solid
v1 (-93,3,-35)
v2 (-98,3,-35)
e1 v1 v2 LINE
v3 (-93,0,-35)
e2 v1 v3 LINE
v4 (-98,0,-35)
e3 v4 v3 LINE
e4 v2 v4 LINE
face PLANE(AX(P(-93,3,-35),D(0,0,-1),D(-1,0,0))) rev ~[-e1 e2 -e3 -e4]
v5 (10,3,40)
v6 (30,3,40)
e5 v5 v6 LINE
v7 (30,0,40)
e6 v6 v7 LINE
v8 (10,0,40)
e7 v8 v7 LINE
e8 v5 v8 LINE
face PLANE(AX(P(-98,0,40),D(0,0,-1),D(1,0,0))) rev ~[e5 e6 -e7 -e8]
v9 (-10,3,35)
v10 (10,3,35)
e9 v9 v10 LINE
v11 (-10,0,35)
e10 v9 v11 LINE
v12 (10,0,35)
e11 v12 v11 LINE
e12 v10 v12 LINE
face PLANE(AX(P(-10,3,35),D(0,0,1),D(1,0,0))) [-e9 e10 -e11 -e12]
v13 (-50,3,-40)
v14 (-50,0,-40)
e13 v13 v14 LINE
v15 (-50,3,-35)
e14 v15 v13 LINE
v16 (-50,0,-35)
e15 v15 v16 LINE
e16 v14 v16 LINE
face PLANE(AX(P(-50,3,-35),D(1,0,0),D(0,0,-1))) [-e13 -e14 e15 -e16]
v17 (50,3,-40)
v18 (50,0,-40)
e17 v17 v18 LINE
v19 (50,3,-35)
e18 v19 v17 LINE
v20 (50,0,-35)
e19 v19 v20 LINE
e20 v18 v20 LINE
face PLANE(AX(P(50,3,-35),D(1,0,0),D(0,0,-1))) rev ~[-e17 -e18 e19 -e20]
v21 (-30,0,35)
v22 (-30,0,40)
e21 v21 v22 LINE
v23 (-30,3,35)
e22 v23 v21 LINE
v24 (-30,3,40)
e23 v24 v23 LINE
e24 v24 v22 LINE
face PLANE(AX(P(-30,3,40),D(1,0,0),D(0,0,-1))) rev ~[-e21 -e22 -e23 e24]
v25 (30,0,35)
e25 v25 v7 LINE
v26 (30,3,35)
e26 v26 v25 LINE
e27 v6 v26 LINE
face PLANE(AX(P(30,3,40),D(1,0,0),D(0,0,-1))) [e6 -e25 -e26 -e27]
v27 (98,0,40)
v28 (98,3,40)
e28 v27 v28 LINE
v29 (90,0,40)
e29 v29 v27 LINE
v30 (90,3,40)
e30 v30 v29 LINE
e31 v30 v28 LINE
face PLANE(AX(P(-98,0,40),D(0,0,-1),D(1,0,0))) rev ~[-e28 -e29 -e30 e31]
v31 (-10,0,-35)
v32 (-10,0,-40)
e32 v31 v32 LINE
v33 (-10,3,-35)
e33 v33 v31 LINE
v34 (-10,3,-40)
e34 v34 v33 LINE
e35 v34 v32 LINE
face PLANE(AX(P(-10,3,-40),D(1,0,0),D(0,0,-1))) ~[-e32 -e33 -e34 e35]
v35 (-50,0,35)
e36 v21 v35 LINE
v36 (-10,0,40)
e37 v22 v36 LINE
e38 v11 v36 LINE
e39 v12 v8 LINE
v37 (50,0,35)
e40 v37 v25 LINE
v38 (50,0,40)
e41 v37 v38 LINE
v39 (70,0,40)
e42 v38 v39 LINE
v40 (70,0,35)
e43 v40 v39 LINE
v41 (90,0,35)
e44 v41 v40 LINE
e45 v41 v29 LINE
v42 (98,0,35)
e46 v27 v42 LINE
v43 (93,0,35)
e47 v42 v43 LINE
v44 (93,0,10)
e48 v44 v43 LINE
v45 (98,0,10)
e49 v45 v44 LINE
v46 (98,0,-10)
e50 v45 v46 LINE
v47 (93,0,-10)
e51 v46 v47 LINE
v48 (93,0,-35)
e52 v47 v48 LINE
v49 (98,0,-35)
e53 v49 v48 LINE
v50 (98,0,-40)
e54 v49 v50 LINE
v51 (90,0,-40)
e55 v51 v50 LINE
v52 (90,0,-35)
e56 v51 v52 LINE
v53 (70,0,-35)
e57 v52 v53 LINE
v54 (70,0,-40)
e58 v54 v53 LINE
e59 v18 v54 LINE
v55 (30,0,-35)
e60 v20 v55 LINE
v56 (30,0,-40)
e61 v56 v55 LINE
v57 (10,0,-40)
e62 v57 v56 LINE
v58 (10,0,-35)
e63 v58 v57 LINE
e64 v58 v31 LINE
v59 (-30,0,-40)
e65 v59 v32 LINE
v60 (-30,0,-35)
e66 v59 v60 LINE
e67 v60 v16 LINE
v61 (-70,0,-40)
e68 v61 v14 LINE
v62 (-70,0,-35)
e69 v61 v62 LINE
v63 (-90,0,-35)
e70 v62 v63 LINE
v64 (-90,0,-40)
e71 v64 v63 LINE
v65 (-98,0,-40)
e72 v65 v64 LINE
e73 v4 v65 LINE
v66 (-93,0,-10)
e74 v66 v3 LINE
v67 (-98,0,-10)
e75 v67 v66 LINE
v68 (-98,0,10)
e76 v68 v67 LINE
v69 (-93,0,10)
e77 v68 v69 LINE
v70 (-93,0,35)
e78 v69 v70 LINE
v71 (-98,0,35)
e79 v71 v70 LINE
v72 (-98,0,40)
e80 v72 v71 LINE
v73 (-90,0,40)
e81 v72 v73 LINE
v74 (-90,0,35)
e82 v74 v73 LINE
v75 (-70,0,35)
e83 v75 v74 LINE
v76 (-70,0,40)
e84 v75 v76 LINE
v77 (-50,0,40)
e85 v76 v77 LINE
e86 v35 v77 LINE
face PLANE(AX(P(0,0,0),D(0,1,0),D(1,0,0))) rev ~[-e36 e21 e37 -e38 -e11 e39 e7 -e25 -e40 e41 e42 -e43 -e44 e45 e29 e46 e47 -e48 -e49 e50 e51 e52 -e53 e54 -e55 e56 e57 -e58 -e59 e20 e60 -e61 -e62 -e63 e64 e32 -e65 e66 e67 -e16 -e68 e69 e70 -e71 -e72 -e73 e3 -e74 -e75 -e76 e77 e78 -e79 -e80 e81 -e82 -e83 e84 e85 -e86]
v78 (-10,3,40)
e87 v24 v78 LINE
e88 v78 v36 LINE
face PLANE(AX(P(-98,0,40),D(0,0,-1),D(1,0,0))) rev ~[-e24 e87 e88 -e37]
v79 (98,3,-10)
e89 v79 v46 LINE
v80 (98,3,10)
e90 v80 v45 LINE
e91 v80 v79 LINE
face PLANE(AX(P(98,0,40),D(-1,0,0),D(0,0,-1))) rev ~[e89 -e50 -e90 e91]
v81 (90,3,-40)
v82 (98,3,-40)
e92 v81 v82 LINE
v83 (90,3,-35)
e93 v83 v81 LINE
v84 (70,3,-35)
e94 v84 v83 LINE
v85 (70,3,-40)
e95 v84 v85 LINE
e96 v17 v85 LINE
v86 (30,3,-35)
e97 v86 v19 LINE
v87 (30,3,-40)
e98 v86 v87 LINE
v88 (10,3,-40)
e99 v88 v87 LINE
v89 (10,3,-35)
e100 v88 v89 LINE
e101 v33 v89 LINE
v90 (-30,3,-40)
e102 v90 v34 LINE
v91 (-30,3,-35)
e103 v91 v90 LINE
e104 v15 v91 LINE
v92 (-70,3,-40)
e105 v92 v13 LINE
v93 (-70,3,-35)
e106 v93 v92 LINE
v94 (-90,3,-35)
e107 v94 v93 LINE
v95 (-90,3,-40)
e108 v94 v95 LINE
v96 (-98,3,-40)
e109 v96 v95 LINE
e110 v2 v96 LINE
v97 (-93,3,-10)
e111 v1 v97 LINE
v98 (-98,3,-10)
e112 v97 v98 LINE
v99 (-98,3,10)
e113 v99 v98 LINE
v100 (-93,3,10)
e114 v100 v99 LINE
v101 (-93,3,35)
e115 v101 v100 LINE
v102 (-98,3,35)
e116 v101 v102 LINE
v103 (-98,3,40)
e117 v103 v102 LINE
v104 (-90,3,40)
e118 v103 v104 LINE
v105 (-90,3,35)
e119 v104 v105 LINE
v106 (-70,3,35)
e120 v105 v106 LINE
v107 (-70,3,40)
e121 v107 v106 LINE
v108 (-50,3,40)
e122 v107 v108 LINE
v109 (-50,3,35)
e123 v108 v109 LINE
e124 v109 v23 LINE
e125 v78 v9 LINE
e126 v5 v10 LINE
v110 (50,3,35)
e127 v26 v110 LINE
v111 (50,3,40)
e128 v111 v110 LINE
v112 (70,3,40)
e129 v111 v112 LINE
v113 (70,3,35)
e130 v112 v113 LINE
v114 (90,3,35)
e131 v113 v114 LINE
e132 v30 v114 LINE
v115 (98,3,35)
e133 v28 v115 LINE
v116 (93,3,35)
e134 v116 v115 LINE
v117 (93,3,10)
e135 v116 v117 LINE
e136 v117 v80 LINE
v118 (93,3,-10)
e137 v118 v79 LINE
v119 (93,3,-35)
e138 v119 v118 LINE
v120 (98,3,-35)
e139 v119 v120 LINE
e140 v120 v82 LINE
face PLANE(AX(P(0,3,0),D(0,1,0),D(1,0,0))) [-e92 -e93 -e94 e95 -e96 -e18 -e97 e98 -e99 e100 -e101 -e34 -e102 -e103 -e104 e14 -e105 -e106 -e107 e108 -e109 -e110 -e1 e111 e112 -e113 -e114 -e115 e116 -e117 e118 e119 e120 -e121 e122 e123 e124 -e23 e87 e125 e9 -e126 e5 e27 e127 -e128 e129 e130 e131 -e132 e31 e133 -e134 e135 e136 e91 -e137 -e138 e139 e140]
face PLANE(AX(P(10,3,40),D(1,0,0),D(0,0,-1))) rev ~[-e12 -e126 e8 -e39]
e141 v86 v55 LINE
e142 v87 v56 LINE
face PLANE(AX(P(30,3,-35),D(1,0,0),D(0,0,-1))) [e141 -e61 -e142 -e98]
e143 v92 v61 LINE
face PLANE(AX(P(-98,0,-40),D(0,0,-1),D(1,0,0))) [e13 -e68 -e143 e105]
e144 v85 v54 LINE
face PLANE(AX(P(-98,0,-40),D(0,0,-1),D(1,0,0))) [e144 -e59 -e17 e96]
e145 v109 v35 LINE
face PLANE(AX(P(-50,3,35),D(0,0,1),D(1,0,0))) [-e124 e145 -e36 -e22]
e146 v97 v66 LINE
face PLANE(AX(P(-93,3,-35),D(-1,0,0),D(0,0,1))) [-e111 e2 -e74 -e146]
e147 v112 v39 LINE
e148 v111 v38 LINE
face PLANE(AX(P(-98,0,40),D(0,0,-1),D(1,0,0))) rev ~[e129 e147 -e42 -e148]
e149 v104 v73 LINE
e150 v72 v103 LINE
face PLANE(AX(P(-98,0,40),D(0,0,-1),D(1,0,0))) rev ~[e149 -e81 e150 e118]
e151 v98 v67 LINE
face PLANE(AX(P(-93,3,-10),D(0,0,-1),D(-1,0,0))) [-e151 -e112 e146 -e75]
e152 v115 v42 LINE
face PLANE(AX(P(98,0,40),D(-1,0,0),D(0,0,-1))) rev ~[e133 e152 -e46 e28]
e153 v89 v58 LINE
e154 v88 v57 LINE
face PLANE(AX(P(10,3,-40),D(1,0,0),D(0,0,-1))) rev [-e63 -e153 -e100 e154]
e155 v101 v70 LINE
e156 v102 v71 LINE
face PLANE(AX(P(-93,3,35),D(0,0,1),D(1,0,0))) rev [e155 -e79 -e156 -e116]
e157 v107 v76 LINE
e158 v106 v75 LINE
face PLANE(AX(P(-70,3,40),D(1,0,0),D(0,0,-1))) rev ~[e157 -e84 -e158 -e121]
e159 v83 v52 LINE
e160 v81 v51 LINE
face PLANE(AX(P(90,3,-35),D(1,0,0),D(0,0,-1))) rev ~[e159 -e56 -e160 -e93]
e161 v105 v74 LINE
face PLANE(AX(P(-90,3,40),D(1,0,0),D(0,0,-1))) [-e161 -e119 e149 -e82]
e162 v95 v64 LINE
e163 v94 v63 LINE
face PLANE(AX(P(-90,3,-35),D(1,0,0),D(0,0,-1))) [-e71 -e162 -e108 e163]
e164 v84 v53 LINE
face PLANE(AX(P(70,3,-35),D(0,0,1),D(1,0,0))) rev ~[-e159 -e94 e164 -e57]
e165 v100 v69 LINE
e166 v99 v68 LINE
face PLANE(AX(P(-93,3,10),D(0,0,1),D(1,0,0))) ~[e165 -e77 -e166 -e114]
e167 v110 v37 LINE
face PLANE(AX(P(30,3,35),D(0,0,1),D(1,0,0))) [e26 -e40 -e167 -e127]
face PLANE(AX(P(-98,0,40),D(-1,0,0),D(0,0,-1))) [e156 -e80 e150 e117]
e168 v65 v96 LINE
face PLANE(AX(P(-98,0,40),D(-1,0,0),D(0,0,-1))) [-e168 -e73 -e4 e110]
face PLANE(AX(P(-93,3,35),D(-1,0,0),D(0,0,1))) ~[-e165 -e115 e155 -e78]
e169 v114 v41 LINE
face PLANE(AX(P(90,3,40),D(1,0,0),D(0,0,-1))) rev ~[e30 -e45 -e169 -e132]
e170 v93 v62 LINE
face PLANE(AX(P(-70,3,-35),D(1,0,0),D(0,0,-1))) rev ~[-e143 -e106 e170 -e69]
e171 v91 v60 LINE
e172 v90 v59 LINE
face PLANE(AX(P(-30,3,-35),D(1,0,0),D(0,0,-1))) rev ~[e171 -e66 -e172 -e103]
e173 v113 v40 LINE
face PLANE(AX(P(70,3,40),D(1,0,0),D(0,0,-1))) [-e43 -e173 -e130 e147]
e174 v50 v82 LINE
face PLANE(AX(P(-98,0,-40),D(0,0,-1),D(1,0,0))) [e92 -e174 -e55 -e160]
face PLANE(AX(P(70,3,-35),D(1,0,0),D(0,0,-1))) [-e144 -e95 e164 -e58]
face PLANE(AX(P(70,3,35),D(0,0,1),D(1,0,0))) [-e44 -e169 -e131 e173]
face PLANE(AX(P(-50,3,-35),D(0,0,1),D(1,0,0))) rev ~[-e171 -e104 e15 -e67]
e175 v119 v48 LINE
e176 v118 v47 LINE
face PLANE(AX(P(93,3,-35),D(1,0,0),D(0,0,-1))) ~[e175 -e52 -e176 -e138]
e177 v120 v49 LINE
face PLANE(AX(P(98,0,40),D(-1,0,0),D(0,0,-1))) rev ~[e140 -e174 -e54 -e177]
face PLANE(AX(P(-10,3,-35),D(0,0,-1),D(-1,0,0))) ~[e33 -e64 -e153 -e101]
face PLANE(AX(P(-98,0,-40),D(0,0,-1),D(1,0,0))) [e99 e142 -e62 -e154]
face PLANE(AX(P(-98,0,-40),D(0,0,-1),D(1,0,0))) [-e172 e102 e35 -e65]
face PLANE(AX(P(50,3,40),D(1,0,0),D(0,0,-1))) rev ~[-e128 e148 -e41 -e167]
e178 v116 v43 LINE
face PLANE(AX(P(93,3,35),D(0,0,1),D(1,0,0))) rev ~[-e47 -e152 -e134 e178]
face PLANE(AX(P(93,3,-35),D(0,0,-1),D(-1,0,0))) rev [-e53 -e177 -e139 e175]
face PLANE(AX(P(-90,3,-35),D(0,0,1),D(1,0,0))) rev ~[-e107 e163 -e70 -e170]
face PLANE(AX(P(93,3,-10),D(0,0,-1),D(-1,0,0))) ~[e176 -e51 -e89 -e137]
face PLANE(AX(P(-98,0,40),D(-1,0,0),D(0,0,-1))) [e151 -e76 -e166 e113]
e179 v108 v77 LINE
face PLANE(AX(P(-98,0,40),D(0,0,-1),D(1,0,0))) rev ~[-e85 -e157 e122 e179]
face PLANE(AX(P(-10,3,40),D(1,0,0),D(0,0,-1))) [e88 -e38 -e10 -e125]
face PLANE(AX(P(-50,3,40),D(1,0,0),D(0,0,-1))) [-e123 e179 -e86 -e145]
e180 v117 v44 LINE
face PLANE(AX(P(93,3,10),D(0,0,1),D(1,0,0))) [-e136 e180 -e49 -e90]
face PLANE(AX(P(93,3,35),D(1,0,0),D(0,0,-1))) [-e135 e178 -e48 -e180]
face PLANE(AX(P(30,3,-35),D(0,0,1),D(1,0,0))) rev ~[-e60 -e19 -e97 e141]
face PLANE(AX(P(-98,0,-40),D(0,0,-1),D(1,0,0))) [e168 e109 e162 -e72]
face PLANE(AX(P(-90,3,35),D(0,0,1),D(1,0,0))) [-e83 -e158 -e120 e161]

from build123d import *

# Parameters (mm, degrees)
SKETCH_1_W               = 196
SKETCH_1_H               = 80
EXTRUDE_1_DEPTH          = 3
CUT_EXTRUDE_1_REACH      = 107.891
SKETCH_2_W               = 20
SKETCH_2_H               = 5
PATTERN_LINEAR_1_COUNT   = 3
PATTERN_LINEAR_1_PITCH   = 40
PATTERN_LINEAR_2_COUNT   = 3
PATTERN_LINEAR_2_PITCH   = 40
CUT_EXTRUDE_2_REACH      = 107.891
SKETCH_3_W               = 5
SKETCH_3_H               = 25
MIRROR_2_COPY_1_REACH    = 107.891
MIRROR_2_COPY_1_SKETCH_W = 20
MIRROR_2_COPY_1_SKETCH_H = 5
MIRROR_2_COPY_2_REACH    = 107.891
MIRROR_2_COPY_2_SKETCH_W = 20
MIRROR_2_COPY_2_SKETCH_H = 5
MIRROR_2_COPY_3_REACH    = 107.891
MIRROR_2_COPY_3_SKETCH_W = 20
MIRROR_2_COPY_3_SKETCH_H = 5
MIRROR_2_COPY_4_REACH    = 107.891
MIRROR_2_COPY_4_SKETCH_W = 20
MIRROR_2_COPY_4_SKETCH_H = 5
MIRROR_5_COPY_1_REACH    = 107.891
MIRROR_5_COPY_1_SKETCH_W = 5
MIRROR_5_COPY_1_SKETCH_H = 25


with BuildPart() as part:
    # 스케치1 → 보스-돌출1 (new body)
    with BuildSketch(Plane(origin=(0, 0, 0), x_dir=(1, 0, 0), z_dir=(0, 1, 0))):
        Rectangle(SKETCH_1_W, SKETCH_1_H)
    extrude(amount=EXTRUDE_1_DEPTH)

    # 스케치2 → 컷-돌출1 (cut, up to next)
    with BuildSketch(Plane(origin=(0, 3, 0), x_dir=(1, 0, 0), z_dir=(0, 1, 0)), mode=Mode.PRIVATE) as cut_extrude_1_sk1:
        with Locations((0, -37.5)):
            Rectangle(SKETCH_2_W, SKETCH_2_H)
    cut_extrude_1_tool1 = extrude(cut_extrude_1_sk1.sketch, amount=-CUT_EXTRUDE_1_REACH, mode=Mode.PRIVATE) & part.part
    cut_extrude_1 = cut_extrude_1_tool1.solids().sort_by_distance((0, 3, 37.5))[0]
    add(cut_extrude_1, mode=Mode.SUBTRACT)

    # 선형 패턴1: 컷-돌출1 ×3
    with Locations(*[(i * PATTERN_LINEAR_1_PITCH, 0, 0) for i in range(1, PATTERN_LINEAR_1_COUNT)]):
        add(cut_extrude_1, mode=Mode.SUBTRACT)

    # 선형 패턴2: 컷-돌출1 ×3
    with Locations(*[(-i * PATTERN_LINEAR_2_PITCH, 0, 0) for i in range(1, PATTERN_LINEAR_2_COUNT)]):
        add(cut_extrude_1, mode=Mode.SUBTRACT)

    # 스케치3 → 컷-돌출2 (cut, up to next)
    with BuildSketch(Plane(origin=(0, 3, 0), x_dir=(1, 0, 0), z_dir=(0, 1, 0)), mode=Mode.PRIVATE) as cut_extrude_2_sk1:
        with Locations((95.5, -22.5)):
            Rectangle(SKETCH_3_W, SKETCH_3_H)
    cut_extrude_2_tool1 = extrude(cut_extrude_2_sk1.sketch, amount=-CUT_EXTRUDE_2_REACH, mode=Mode.PRIVATE) & part.part
    cut_extrude_2 = cut_extrude_2_tool1.solids().sort_by_distance((95.5, 3, 22.5))[0]
    add(cut_extrude_2, mode=Mode.SUBTRACT)

    # 대칭 복사2: 컷-돌출1 across plane
    add(cut_extrude_1.mirror(Plane.XY), mode=Mode.SUBTRACT)

    # 대칭 복사2 copy 1 sketch → 대칭 복사2 copy 1 (cut, up to next)
    with BuildSketch(Plane(origin=(40, 3, 0), x_dir=(1, 0, 0), z_dir=(0, 1, 0)), mode=Mode.PRIVATE) as mirror_2_copy_1_sk1:
        with Locations((0, 37.5)):
            Rectangle(MIRROR_2_COPY_1_SKETCH_W, MIRROR_2_COPY_1_SKETCH_H)
    mirror_2_copy_1_tool1 = extrude(mirror_2_copy_1_sk1.sketch, amount=-MIRROR_2_COPY_1_REACH, mode=Mode.PRIVATE) & part.part
    add(mirror_2_copy_1_tool1.solids().sort_by_distance((40, 3, -37.5))[0], mode=Mode.SUBTRACT)

    # 대칭 복사2 copy 2 sketch → 대칭 복사2 copy 2 (cut, up to next)
    with BuildSketch(Plane(origin=(80, 3, 0), x_dir=(1, 0, 0), z_dir=(0, 1, 0)), mode=Mode.PRIVATE) as mirror_2_copy_2_sk1:
        with Locations((0, 37.5)):
            Rectangle(MIRROR_2_COPY_2_SKETCH_W, MIRROR_2_COPY_2_SKETCH_H)
    mirror_2_copy_2_tool1 = extrude(mirror_2_copy_2_sk1.sketch, amount=-MIRROR_2_COPY_2_REACH, mode=Mode.PRIVATE) & part.part
    add(mirror_2_copy_2_tool1.solids().sort_by_distance((80, 3, -37.5))[0], mode=Mode.SUBTRACT)

    # 대칭 복사2 copy 3 sketch → 대칭 복사2 copy 3 (cut, up to next)
    with BuildSketch(Plane(origin=(-40, 3, 0), x_dir=(1, 0, 0), z_dir=(0, 1, 0)), mode=Mode.PRIVATE) as mirror_2_copy_3_sk1:
        with Locations((0, 37.5)):
            Rectangle(MIRROR_2_COPY_3_SKETCH_W, MIRROR_2_COPY_3_SKETCH_H)
    mirror_2_copy_3_tool1 = extrude(mirror_2_copy_3_sk1.sketch, amount=-MIRROR_2_COPY_3_REACH, mode=Mode.PRIVATE) & part.part
    add(mirror_2_copy_3_tool1.solids().sort_by_distance((-40, 3, -37.5))[0], mode=Mode.SUBTRACT)

    # 대칭 복사2 copy 4 sketch → 대칭 복사2 copy 4 (cut, up to next)
    with BuildSketch(Plane(origin=(-80, 3, 0), x_dir=(1, 0, 0), z_dir=(0, 1, 0)), mode=Mode.PRIVATE) as mirror_2_copy_4_sk1:
        with Locations((0, 37.5)):
            Rectangle(MIRROR_2_COPY_4_SKETCH_W, MIRROR_2_COPY_4_SKETCH_H)
    mirror_2_copy_4_tool1 = extrude(mirror_2_copy_4_sk1.sketch, amount=-MIRROR_2_COPY_4_REACH, mode=Mode.PRIVATE) & part.part
    add(mirror_2_copy_4_tool1.solids().sort_by_distance((-80, 3, -37.5))[0], mode=Mode.SUBTRACT)

    # 대칭 복사3: 컷-돌출2 across plane
    add(cut_extrude_2.mirror(Plane(origin=(0, 0, 0), x_dir=(0, 0, 1), z_dir=(1, 0, 0))), mode=Mode.SUBTRACT)

    # 대칭 복사5: 컷-돌출2 across plane
    add(cut_extrude_2.mirror(Plane.XY), mode=Mode.SUBTRACT)

    # 대칭 복사5 copy 1 sketch → 대칭 복사5 copy 1 (cut, up to next)
    with BuildSketch(Plane(origin=(0, 3, 0), x_dir=(-1, 0, 0), z_dir=(0, 1, 0)), mode=Mode.PRIVATE) as mirror_5_copy_1_sk1:
        with Locations((95.5, -22.5)):
            Rectangle(MIRROR_5_COPY_1_SKETCH_W, MIRROR_5_COPY_1_SKETCH_H)
    mirror_5_copy_1_tool1 = extrude(mirror_5_copy_1_sk1.sketch, amount=-MIRROR_5_COPY_1_REACH, mode=Mode.PRIVATE) & part.part
    add(mirror_5_copy_1_tool1.solids().sort_by_distance((-95.5, 3, -22.5))[0], mode=Mode.SUBTRACT)


solid = part.part
